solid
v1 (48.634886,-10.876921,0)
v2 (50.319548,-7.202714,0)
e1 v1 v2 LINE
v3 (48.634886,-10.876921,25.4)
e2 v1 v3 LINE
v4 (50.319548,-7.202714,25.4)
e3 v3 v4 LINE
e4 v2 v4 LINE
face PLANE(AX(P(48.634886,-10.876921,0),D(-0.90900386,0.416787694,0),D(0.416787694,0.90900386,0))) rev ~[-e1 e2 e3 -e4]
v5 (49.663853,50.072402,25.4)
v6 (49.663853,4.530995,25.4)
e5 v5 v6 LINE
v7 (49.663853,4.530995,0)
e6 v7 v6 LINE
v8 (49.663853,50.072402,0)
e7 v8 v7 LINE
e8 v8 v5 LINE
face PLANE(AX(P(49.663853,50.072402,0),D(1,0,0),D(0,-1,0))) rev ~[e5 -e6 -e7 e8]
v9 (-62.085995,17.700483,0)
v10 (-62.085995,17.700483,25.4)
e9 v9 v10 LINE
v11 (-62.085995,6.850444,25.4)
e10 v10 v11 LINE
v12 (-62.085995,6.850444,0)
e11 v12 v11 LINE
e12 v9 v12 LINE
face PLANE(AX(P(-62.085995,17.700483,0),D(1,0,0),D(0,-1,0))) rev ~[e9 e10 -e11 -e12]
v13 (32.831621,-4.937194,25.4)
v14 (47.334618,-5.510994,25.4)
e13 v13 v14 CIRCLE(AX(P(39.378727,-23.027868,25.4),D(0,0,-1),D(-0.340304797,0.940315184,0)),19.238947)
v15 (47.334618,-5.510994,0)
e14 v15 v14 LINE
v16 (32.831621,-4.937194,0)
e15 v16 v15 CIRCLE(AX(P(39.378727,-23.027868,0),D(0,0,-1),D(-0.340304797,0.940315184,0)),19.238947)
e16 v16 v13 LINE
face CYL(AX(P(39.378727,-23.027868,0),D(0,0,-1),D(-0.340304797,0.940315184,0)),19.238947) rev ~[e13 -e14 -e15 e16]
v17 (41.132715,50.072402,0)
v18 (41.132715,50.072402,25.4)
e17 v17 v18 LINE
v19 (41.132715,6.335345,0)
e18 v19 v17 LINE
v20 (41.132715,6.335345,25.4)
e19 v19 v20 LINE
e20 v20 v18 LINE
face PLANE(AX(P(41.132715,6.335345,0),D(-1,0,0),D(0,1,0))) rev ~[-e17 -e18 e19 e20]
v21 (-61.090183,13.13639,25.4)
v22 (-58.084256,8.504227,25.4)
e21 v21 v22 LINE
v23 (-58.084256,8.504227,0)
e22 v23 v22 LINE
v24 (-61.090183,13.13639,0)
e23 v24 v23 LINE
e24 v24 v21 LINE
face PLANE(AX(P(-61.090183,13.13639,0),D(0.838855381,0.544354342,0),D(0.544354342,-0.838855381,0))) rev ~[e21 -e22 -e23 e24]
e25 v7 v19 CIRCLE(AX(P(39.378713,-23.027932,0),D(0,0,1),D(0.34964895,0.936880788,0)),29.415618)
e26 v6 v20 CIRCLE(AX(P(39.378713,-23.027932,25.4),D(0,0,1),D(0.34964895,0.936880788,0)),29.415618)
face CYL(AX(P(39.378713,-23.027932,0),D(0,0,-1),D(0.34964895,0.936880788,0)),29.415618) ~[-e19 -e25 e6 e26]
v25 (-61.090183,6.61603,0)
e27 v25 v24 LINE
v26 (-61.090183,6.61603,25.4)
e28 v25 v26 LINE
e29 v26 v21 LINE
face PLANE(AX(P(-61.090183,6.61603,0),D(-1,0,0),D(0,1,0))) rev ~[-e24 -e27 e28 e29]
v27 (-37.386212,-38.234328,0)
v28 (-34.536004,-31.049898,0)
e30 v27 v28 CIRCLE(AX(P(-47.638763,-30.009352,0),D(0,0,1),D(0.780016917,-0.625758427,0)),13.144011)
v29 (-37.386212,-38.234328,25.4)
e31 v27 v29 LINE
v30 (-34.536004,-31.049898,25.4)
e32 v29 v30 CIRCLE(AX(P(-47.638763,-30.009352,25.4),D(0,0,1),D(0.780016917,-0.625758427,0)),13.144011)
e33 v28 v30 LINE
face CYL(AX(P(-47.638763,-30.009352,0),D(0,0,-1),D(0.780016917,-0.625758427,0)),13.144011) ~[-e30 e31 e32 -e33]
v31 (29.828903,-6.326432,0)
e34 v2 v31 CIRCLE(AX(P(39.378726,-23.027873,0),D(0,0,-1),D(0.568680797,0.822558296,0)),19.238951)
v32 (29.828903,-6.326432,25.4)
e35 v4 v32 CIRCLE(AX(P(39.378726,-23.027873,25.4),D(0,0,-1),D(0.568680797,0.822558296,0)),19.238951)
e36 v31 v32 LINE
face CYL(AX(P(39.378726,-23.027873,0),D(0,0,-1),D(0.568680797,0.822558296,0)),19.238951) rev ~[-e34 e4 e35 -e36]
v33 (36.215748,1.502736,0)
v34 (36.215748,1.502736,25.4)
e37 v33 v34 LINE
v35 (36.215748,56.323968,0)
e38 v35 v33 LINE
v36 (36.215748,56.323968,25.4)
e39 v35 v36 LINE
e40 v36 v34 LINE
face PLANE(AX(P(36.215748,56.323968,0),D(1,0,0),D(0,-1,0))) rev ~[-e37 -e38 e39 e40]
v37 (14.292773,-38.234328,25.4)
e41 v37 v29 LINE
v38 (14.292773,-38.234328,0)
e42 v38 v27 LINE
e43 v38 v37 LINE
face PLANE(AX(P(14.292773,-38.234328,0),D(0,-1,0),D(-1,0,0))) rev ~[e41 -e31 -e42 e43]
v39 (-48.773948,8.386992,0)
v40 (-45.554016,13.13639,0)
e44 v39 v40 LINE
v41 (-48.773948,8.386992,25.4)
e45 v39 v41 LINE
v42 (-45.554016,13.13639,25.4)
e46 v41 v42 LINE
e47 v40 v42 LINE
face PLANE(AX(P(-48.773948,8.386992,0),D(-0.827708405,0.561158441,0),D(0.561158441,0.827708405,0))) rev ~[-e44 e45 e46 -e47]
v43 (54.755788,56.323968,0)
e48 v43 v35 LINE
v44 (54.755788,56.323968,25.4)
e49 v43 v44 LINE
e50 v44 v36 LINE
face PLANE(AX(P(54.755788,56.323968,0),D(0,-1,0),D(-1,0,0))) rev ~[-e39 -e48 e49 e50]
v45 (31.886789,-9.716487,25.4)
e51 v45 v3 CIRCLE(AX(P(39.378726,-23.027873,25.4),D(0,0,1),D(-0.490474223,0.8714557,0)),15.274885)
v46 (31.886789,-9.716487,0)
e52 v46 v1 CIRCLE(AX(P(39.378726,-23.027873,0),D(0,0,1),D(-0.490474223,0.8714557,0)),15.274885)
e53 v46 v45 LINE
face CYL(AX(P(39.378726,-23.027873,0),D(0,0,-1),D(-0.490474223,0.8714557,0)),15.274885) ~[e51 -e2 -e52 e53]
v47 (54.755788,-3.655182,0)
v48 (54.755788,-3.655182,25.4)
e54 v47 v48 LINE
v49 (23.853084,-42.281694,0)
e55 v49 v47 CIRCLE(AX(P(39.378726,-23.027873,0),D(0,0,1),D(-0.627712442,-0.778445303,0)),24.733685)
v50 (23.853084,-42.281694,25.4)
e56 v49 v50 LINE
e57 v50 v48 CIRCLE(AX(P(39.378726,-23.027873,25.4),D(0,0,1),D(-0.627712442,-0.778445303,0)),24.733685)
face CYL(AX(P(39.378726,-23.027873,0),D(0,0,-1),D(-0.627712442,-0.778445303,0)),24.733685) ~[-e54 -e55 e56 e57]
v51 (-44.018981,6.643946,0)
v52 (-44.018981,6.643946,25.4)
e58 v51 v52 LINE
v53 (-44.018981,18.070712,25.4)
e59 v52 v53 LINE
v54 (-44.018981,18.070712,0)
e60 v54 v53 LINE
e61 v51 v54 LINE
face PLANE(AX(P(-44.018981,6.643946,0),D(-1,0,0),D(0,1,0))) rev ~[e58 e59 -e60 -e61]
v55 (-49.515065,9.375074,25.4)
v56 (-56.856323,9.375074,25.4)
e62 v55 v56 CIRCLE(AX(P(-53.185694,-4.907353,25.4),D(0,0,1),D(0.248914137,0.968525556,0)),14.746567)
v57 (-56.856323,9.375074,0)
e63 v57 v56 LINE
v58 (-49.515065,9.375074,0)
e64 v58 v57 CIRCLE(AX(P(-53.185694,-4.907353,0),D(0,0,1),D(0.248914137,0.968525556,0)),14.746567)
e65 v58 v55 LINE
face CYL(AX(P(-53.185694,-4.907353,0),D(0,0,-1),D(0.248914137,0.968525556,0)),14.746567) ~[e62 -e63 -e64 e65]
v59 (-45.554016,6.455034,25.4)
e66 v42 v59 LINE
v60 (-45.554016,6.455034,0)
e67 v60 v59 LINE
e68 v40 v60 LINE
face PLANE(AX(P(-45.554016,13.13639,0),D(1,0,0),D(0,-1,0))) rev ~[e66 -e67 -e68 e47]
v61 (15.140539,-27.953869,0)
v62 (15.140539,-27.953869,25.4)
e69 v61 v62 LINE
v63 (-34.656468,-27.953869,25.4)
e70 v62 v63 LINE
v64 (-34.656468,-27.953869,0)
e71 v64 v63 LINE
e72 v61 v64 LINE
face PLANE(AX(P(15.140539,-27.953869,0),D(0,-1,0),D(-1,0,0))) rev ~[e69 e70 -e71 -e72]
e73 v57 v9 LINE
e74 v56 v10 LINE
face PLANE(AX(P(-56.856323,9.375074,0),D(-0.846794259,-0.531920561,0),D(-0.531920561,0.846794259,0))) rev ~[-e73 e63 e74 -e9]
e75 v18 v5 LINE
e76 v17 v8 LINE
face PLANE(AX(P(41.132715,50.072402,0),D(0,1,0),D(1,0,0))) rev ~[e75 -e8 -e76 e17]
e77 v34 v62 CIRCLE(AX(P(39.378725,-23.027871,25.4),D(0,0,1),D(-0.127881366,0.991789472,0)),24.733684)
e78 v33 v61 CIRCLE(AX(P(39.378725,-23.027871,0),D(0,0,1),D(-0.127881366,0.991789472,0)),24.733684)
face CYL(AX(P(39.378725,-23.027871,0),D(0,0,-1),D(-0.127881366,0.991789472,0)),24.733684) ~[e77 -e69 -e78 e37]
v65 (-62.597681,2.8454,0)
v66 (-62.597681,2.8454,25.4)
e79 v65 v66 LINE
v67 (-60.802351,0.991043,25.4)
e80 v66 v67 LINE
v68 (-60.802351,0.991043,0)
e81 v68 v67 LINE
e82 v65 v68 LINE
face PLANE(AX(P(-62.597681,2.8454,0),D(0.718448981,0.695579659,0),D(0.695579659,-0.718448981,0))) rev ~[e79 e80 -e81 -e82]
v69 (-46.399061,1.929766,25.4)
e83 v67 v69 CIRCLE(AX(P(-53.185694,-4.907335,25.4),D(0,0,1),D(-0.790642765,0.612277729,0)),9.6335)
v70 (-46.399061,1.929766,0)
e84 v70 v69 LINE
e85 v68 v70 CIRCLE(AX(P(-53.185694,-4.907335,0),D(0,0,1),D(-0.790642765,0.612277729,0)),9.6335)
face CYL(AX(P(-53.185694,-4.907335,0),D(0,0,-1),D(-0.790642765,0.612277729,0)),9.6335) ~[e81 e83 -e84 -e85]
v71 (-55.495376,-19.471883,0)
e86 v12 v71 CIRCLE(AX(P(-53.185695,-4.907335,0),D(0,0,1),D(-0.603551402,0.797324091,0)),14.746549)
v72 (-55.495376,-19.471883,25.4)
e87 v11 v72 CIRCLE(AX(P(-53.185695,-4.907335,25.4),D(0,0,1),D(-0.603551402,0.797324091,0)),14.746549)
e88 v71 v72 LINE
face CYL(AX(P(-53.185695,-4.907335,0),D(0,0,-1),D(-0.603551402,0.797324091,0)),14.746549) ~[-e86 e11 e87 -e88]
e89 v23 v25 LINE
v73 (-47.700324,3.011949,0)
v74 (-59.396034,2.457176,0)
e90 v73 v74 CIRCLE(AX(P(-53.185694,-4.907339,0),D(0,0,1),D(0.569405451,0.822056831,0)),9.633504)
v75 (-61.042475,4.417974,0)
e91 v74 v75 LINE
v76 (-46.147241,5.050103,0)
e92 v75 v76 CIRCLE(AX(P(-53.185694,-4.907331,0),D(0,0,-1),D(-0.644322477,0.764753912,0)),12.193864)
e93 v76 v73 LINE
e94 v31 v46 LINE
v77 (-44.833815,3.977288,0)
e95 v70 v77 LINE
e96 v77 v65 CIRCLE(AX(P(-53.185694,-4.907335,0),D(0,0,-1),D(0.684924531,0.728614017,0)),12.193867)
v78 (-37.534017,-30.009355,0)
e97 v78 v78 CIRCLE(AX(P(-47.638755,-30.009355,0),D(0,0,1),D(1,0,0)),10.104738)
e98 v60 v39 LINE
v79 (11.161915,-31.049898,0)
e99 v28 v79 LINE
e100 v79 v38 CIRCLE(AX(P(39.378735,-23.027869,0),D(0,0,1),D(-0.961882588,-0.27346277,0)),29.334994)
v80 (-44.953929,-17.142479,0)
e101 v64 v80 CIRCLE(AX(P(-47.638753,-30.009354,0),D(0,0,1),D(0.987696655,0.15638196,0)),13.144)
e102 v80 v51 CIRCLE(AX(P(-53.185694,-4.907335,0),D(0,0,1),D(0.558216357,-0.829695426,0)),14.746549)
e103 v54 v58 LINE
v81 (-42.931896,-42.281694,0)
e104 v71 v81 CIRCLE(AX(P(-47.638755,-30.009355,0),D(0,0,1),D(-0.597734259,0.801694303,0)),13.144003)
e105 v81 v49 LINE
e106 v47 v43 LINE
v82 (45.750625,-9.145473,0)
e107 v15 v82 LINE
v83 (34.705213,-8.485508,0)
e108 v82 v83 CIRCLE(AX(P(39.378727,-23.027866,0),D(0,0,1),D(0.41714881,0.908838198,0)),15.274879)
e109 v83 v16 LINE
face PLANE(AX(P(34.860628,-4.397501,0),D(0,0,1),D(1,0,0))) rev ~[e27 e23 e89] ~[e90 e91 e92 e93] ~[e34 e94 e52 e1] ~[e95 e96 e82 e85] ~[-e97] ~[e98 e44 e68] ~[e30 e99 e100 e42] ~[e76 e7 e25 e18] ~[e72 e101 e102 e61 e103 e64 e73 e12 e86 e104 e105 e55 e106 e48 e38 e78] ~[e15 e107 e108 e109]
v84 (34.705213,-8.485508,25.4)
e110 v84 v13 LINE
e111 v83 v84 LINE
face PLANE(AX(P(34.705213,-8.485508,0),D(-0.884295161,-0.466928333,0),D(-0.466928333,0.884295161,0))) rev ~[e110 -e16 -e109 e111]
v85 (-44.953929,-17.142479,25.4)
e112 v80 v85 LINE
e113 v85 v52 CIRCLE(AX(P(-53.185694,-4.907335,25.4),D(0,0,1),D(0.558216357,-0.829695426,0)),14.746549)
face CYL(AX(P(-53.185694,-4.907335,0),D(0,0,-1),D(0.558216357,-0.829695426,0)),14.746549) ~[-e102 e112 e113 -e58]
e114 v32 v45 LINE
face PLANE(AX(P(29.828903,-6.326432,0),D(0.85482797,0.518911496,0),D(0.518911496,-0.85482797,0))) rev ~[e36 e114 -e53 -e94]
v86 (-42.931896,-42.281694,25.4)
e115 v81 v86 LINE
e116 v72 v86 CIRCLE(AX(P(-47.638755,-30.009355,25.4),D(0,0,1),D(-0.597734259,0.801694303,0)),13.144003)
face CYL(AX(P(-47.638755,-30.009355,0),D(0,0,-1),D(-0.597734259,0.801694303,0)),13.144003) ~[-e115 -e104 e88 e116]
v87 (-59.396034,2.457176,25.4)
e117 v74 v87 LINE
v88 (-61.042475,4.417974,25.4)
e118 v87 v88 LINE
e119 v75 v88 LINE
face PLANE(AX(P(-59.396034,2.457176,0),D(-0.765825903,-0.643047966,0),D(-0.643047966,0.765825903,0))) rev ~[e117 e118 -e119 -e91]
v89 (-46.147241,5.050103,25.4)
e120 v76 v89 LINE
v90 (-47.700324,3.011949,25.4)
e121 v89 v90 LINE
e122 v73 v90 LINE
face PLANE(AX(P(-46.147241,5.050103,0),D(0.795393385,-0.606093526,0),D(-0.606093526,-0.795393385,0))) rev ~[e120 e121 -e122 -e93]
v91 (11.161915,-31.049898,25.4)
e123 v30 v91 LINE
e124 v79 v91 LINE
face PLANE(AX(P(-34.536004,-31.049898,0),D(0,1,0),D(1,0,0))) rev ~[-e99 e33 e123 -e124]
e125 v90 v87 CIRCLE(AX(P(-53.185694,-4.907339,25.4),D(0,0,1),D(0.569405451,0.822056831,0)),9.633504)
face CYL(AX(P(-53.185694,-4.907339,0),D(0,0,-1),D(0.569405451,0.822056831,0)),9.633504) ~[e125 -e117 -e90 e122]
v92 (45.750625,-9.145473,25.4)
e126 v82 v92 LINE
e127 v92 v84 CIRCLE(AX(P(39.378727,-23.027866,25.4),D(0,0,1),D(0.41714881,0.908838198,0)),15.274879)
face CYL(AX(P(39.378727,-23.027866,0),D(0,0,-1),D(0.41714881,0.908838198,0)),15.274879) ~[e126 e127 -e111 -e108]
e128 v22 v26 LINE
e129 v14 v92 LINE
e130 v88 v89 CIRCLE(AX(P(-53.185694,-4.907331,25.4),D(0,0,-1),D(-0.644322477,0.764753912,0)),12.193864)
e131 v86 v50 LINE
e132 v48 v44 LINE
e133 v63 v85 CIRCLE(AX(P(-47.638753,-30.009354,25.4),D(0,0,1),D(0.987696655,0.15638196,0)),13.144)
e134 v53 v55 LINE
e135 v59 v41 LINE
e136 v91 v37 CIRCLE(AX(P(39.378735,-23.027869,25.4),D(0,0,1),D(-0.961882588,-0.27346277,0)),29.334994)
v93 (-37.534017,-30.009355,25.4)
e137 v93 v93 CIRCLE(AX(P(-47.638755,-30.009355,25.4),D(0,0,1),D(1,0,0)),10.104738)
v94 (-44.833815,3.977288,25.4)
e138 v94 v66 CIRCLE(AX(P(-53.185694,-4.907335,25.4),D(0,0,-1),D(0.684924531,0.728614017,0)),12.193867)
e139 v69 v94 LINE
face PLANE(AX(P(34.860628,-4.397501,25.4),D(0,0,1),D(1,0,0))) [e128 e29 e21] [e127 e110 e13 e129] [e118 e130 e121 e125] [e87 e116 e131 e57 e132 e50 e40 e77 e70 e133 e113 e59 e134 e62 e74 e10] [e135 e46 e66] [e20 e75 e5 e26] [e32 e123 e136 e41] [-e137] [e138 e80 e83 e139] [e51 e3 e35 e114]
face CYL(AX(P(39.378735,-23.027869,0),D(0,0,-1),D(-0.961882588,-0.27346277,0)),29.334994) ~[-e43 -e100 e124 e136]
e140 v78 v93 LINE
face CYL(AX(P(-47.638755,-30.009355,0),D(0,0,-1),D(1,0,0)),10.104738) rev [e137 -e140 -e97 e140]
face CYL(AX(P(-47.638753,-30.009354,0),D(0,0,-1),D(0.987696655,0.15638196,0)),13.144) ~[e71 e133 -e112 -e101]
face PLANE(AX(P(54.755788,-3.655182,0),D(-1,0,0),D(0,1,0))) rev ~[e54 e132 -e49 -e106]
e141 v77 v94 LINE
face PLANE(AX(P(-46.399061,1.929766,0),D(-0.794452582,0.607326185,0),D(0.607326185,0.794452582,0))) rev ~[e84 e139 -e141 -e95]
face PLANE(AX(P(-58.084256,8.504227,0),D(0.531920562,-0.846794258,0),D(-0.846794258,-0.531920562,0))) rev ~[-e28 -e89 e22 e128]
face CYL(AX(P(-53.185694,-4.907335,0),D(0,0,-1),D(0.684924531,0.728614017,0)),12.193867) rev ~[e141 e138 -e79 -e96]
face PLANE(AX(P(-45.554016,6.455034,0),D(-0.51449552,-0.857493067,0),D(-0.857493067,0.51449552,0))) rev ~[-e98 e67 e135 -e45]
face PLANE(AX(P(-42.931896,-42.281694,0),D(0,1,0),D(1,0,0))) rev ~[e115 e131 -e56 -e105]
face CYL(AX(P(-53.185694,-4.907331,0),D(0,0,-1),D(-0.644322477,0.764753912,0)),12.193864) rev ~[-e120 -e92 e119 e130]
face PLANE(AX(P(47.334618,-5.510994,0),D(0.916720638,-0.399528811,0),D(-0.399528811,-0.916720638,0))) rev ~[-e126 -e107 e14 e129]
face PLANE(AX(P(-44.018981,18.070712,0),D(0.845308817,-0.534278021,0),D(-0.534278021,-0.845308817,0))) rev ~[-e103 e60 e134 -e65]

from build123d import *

# Parameters (mm, degrees)
F0_R     = 10.104738
F1_DEPTH = 25.4


with BuildPart() as f1:
    # F0 (on Top) → F1 (new body)
    with BuildSketch(Plane.XY):
        with BuildLine():
            ThreePointArc((36.215748, 1.502736), (19.263337, -8.635989), (15.140539, -27.953869))
            Line((15.140539, -27.953869), (0, -27.953869))
            Line((0, -27.953869), (0, -31.049898))
            Line((0, -31.049898), (11.078159, -31.049898))
            Line((11.078159, -31.049898), (11.161915, -31.049898))
            ThreePointArc((11.161915, -31.049898), (12.486345, -34.747137), (14.292773, -38.234328))
            Line((14.292773, -38.234328), (14.198601, -38.234328))
            Line((14.198601, -38.234328), (0, -38.234328))
            Line((0, -38.234328), (0, -42.281694))
            Line((0, -42.281694), (23.853084, -42.281694))
            ThreePointArc((23.853084, -42.281694), (58.692125, -38.479339), (54.755788, -3.655182))
            Line((54.755788, -3.655182), (54.755788, 56.323968))
            Line((54.755788, 56.323968), (36.215748, 56.323968))
            Line((36.215748, 56.323968), (36.215748, 1.502736))
        make_face()
        with BuildLine():
            ThreePointArc((50.319548, -7.202714), (38.556725, -42.249256), (29.828903, -6.326432))
            Line((29.828903, -6.326432), (31.886789, -9.716487))
            ThreePointArc((31.886789, -9.716487), (38.322899, -38.266224), (48.634886, -10.876921))
            Line((48.634886, -10.876921), (50.319548, -7.202714))
        make_face(mode=Mode.SUBTRACT)
        with BuildLine():
            Line((34.705213, -8.485508), (32.831621, -4.937194))
            ThreePointArc((32.831621, -4.937194), (40.139306, -3.803961), (47.334618, -5.510994))
            Line((47.334618, -5.510994), (45.750625, -9.145473))
            ThreePointArc((45.750625, -9.145473), (40.289779, -7.780181), (34.705213, -8.485508))
        make_face(mode=Mode.SUBTRACT)
        with BuildLine():
            Line((49.663853, 50.072402), (49.663853, 4.530995))
            ThreePointArc((49.663853, 4.530995), (45.465515, 5.751043), (41.132715, 6.335345))
            Line((41.132715, 6.335345), (41.132715, 50.072402))
            Line((41.132715, 50.072402), (49.663853, 50.072402))
        make_face(mode=Mode.SUBTRACT)
        with BuildLine():
            Line((0, -31.049898), (0, -27.953869))
            Line((0, -27.953869), (-34.656468, -27.953869))
            ThreePointArc((-34.656468, -27.953869), (-38.121079, -20.944111), (-44.953929, -17.142479))
            ThreePointArc((-44.953929, -17.142479), (-38.450523, -5.486514), (-44.018981, 6.643946))
            Line((-44.018981, 6.643946), (-44.018981, 18.070712))
            Line((-44.018981, 18.070712), (-49.515065, 9.375074))
            ThreePointArc((-49.515065, 9.375074), (-53.185694, 9.839214), (-56.856323, 9.375074))
            Line((-56.856323, 9.375074), (-62.085995, 17.700483))
            Line((-62.085995, 17.700483), (-62.085995, 6.850444))
            ThreePointArc((-62.085995, 6.850444), (-67.490664, -8.489032), (-55.495376, -19.471883))
            ThreePointArc((-55.495376, -19.471883), (-59.151883, -36.350704), (-42.931896, -42.281694))
            Line((-42.931896, -42.281694), (0, -42.281694))
            Line((0, -42.281694), (0, -38.234328))
            Line((0, -38.234328), (-37.386212, -38.234328))
            ThreePointArc((-37.386212, -38.234328), (-35.421086, -34.856351), (-34.536004, -31.049898))
            Line((-34.536004, -31.049898), (0, -31.049898))
        make_face()
        with Locations((-47.638755, -30.009355)):
            Circle(F0_R, mode=Mode.SUBTRACT)
        with BuildLine():
            ThreePointArc((-44.833815, 3.977288), (-52.410291, -17.076523), (-62.597681, 2.8454))
            Line((-62.597681, 2.8454), (-60.802351, 0.991043))
            ThreePointArc((-60.802351, 0.991043), (-52.559167, -14.52044), (-46.399061, 1.929766))
            Line((-46.399061, 1.929766), (-44.833815, 3.977288))
        make_face(mode=Mode.SUBTRACT)
        with BuildLine():
            Line((-59.396034, 2.457176), (-61.042475, 4.417974))
            ThreePointArc((-61.042475, 4.417974), (-53.702716, 7.275567), (-46.147241, 5.050103))
            Line((-46.147241, 5.050103), (-47.700324, 3.011949))
            ThreePointArc((-47.700324, 3.011949), (-53.642135, 4.715346), (-59.396034, 2.457176))
        make_face(mode=Mode.SUBTRACT)
        Polygon((-61.090183, 6.61603), (-61.090183, 13.13639), (-58.084256, 8.504227), align=None, mode=Mode.SUBTRACT)
        Polygon((-48.773948, 8.386992), (-45.554016, 13.13639), (-45.554016, 6.455034), align=None, mode=Mode.SUBTRACT)
    extrude(amount=F1_DEPTH)


solid = f1.part
